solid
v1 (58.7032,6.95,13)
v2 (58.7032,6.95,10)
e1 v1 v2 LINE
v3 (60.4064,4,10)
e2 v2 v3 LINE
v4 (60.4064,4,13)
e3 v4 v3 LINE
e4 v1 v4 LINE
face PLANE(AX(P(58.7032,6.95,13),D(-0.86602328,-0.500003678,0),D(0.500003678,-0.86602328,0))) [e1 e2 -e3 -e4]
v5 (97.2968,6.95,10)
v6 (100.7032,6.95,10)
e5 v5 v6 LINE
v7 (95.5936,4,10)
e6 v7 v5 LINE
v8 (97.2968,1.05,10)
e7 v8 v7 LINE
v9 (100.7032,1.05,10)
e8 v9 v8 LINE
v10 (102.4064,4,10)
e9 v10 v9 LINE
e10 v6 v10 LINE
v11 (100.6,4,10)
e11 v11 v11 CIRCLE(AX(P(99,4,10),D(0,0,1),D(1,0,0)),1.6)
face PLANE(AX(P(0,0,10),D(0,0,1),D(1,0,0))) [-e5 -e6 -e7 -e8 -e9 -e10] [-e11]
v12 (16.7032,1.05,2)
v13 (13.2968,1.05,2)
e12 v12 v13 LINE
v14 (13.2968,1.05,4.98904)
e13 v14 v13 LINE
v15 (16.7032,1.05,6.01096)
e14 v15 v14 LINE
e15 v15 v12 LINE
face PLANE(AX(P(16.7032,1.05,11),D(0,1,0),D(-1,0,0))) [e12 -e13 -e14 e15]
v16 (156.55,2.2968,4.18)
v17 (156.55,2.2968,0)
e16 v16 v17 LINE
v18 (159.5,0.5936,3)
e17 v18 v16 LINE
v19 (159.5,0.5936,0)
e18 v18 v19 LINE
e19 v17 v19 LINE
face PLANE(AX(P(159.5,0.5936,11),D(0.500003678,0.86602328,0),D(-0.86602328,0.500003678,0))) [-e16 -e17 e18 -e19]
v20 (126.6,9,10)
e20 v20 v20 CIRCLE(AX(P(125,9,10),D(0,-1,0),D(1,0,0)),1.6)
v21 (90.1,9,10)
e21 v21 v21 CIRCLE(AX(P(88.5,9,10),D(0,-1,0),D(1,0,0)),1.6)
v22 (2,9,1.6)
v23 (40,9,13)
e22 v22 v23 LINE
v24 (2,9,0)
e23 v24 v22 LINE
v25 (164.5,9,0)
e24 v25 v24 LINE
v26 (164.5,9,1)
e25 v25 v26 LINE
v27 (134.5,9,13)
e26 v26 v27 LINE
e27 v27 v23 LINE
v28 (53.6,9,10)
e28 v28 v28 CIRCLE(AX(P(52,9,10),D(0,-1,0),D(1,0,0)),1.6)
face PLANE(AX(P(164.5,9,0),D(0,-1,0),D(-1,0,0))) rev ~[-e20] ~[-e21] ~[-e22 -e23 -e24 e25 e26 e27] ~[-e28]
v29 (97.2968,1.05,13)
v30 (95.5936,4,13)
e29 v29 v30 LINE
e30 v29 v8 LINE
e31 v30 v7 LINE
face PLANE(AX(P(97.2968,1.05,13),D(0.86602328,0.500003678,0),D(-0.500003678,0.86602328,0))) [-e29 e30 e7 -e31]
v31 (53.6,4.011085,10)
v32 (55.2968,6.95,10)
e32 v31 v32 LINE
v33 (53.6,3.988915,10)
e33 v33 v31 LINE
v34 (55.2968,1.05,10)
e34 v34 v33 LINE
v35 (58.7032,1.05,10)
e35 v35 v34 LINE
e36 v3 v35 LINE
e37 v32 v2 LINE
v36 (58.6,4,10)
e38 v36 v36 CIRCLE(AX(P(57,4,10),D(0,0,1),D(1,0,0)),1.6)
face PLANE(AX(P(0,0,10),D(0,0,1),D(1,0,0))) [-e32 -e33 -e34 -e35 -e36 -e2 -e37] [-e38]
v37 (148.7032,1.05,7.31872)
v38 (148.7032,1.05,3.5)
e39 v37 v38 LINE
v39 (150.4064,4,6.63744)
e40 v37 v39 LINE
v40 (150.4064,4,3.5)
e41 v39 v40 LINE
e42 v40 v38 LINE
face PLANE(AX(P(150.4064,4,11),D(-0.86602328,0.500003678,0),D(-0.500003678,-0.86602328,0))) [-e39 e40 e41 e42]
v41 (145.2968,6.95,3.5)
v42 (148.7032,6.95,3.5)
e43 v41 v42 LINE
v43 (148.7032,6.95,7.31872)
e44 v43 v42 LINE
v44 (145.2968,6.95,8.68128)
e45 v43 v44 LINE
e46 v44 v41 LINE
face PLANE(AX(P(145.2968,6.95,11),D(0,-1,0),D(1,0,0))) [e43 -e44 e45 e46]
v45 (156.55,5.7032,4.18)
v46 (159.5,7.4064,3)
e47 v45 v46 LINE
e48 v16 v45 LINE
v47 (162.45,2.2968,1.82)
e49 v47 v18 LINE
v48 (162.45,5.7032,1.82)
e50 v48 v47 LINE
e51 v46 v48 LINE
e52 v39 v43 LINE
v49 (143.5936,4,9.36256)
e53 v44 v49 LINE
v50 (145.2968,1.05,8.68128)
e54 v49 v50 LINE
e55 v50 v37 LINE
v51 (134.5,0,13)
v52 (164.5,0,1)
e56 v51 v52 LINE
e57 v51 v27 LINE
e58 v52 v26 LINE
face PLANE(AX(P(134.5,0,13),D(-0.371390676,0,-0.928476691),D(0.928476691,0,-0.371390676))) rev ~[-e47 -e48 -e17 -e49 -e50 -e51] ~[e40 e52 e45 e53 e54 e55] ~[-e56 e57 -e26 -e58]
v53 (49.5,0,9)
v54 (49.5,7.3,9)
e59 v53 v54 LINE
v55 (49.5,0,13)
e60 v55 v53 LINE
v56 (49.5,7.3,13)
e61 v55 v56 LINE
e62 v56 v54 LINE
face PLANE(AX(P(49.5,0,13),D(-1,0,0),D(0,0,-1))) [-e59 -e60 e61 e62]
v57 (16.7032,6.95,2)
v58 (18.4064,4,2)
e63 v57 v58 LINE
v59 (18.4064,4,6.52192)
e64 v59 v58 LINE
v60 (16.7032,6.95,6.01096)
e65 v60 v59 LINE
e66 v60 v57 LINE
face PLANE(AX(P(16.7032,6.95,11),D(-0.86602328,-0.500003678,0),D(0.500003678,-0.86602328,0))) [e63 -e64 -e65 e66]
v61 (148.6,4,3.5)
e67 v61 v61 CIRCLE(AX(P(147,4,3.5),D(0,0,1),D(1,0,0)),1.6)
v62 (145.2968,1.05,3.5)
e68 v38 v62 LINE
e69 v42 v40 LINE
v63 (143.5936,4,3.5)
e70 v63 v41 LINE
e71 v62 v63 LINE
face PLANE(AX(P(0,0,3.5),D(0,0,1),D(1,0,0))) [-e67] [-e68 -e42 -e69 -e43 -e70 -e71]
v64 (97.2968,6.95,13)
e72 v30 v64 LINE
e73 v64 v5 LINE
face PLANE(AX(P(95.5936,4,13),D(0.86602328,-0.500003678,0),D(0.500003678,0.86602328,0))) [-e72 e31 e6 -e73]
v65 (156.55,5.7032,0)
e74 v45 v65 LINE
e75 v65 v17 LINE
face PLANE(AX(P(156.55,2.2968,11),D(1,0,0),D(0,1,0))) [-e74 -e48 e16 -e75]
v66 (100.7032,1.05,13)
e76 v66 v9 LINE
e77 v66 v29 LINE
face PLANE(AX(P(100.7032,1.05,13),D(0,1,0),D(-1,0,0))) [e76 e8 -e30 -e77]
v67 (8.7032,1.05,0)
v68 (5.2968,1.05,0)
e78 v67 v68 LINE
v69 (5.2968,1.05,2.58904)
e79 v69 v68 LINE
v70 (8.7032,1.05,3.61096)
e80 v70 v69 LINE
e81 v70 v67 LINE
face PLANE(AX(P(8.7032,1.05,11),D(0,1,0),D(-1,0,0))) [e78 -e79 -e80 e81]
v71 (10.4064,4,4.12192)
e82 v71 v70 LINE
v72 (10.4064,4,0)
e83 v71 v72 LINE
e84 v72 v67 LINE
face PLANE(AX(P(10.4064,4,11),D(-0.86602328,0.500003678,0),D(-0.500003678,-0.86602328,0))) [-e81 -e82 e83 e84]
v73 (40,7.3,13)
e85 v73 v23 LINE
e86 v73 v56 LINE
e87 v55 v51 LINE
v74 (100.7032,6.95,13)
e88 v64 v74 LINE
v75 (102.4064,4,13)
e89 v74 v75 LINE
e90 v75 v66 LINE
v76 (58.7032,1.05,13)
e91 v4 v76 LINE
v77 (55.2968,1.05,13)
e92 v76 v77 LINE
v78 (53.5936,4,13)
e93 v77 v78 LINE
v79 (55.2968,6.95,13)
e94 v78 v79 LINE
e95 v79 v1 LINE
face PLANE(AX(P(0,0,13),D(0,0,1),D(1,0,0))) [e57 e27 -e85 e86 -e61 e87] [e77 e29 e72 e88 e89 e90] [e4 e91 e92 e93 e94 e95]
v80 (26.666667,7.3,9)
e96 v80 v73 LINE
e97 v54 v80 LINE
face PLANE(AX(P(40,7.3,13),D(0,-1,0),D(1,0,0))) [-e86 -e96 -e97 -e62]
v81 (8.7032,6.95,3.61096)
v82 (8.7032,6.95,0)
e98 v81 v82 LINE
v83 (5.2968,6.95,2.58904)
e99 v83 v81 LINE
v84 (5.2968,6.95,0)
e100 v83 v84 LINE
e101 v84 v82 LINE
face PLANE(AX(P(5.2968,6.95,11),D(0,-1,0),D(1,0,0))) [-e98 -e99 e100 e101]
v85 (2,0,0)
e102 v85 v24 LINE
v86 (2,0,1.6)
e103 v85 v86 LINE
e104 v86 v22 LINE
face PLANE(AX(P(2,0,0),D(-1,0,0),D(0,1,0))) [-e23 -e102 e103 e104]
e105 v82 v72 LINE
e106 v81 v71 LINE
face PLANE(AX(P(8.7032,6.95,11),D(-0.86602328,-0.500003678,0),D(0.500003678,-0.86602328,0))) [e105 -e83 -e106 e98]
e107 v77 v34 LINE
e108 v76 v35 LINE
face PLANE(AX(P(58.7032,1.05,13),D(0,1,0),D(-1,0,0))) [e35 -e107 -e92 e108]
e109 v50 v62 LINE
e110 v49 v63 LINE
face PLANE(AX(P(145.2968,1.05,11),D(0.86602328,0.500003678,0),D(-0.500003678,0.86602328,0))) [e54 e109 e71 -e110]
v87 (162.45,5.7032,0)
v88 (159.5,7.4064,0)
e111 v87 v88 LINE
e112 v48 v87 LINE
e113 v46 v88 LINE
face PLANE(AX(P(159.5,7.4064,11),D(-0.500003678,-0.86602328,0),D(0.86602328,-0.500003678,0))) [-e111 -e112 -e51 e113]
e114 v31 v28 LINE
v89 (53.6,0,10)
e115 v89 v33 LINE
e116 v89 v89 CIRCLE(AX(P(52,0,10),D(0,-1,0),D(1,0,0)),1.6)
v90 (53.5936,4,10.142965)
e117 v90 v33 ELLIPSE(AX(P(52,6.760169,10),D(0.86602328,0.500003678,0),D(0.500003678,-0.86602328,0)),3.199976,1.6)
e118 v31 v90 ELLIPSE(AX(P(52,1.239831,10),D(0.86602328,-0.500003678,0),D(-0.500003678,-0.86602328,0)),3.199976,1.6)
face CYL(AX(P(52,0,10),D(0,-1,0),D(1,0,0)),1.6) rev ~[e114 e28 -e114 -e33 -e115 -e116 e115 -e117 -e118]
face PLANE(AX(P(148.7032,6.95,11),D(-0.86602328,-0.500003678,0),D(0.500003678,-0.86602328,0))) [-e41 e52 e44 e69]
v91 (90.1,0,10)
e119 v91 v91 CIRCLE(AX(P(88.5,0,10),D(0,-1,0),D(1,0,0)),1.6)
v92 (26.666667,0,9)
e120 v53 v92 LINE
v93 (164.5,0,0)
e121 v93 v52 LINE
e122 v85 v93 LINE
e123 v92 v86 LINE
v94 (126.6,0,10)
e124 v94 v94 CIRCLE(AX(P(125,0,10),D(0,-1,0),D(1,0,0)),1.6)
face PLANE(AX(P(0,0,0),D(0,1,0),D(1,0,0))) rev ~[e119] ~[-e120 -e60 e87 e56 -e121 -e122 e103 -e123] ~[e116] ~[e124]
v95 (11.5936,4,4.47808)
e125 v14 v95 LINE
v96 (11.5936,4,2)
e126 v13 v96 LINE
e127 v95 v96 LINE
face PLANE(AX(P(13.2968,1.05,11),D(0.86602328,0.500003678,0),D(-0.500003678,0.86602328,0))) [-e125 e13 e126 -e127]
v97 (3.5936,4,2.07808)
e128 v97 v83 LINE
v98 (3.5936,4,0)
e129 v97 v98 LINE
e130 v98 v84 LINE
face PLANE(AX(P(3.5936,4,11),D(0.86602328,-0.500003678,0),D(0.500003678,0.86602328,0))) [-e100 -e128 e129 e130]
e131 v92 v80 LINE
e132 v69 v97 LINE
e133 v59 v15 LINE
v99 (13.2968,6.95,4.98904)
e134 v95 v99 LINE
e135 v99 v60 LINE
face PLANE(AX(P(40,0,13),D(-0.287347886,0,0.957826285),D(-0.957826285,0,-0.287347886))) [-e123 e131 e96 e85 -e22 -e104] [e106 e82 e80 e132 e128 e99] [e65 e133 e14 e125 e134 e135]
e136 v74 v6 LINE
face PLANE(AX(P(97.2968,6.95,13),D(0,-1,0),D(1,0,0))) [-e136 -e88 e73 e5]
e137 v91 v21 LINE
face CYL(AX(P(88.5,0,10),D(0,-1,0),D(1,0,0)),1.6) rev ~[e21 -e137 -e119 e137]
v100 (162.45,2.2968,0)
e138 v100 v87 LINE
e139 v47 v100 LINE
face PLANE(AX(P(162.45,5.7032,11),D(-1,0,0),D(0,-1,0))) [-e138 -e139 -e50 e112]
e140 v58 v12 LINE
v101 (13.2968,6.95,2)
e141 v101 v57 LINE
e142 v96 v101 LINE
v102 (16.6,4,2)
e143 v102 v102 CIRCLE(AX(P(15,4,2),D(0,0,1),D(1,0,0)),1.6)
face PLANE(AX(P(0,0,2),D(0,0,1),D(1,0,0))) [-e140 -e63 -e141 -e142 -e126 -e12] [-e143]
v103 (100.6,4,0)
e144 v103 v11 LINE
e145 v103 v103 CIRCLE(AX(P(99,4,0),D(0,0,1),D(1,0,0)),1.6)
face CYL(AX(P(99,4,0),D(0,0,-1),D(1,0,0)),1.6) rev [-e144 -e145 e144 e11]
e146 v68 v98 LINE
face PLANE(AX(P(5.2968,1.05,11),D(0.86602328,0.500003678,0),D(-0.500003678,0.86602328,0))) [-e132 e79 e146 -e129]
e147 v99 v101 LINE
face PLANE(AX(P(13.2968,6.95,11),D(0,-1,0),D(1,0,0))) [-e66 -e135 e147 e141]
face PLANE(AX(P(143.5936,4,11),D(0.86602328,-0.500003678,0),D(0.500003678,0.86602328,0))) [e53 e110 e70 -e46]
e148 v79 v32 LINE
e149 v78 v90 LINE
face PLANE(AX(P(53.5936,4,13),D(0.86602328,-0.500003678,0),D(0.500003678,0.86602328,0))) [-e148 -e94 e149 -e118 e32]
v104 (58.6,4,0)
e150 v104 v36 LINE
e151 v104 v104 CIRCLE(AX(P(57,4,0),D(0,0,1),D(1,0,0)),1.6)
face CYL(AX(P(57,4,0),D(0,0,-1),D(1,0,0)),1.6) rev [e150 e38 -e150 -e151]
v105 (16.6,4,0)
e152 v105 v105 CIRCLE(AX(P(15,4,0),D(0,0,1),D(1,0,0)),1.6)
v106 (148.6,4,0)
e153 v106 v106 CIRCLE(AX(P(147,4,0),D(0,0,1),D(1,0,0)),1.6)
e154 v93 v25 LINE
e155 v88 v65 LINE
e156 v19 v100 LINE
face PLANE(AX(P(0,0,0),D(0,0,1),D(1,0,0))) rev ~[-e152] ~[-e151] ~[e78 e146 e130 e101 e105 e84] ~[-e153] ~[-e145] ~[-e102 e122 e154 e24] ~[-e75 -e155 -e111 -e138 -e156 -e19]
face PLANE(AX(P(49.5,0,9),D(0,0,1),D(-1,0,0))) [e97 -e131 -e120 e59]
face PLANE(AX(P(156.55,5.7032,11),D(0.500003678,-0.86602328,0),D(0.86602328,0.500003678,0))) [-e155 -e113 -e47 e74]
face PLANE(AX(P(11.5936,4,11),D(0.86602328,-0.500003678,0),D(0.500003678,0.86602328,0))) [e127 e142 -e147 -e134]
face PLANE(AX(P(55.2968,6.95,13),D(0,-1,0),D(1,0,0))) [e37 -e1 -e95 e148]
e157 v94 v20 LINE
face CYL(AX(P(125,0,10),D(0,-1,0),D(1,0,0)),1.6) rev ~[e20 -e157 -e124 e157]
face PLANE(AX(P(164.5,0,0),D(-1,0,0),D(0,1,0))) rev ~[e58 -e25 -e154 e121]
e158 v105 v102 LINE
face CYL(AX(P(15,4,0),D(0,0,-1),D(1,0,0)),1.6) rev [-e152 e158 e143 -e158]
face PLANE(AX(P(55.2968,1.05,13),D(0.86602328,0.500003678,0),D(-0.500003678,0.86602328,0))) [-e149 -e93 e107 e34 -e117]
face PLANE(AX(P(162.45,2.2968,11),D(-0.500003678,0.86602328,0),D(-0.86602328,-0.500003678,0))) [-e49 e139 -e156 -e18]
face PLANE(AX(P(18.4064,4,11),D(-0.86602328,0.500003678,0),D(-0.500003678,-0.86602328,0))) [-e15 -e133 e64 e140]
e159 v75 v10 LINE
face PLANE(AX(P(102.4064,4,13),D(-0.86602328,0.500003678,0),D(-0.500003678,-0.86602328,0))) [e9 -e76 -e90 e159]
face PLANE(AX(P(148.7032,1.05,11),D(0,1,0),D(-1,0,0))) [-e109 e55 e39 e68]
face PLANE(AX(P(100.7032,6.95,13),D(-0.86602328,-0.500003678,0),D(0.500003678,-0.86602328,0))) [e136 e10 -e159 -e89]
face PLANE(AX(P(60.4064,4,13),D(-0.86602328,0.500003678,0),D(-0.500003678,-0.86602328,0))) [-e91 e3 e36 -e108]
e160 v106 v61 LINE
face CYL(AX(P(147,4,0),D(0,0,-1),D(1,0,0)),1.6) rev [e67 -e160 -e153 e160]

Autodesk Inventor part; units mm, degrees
ref_plane "YZ Plane" through (0, 0, 0) normal (1, 0, 0) x (0, 1, 0)
ref_plane "XZ Plane" through (0, 0, 0) normal (0, 1, 0) x (-1, 0, 0)
ref_plane "XY Plane" through (0, 0, 0) normal (0, 0, 1) x (1, 0, 0)
sketch "Sketch1" plane through (0, 0, 0) normal (0, 0, 1) x (1, 0, 0)
  line L0 (0, 0) -> (164.5, 0)
  line L1 (164.5, 0) -> (164.5, 9)
  line L2 (164.5, 9) -> (0, 9)
  line L3 (0, 9) -> (0, 0)
  circle A0 centre (57, 4) radius 1.6
  circle A1 centre (99, 4) radius 1.6
  circle A2 centre (159.5, 4) radius 1.6
  circle A3 centre (147, 4) radius 1.6
  circle A4 centre (15, 4) radius 1.6
  circle A5 centre (7, 4) radius 1.6
  dimension "d1" = 9
  dimension "d2" = 90
  dimension "d4" = 3.2
  dimension "d6" = 3.2
  dimension "d7" = 3.2
  dimension "d8" = 42
  dimension "d9" = 60.5
  dimension "d26" = 3.2
  dimension "d27" = 48
  dimension "d28" = 3.2
  dimension "d29" = 42
  dimension "d32" = 15
  dimension "d33" = 5
  dimension "d61" = 3.2
  dimension "d62" = 8
  dimension "d63" = 12.5
  dimension "d108" = 4
  dimension "d109" = 4
  dimension "d110" = 4
  dimension "d111" = 4
  dimension "d112" = 4
  dimension "d113" = 4
ref_plane "Work Plane2" through (0, 0, 0) normal (0, -1, 0) x (1, 0, 0)
sketch "Sketch2" plane through (0, 0, 0) normal (0, -1, 0) x (1, 0, 0)
  circle A0 centre (52, 10) radius 1.6
  circle A1 centre (125, 10) radius 1.6
  circle A2 centre (88.5, 10) radius 1.6
  point P0 (0, 0)
  point P1 (52, 0)
  dimension "d13" = 3.2
  dimension "d15" = 3.2
  dimension "d17" = 3.2
  dimension "d18" = 36.5
  dimension "d64" = 52
  dimension "d65" = 36.5
  dimension "d114" = 10
  dimension "d115" = 73
ref_plane "Work Plane1" through (0, 0, 11) normal (0, 0, 1) x (1, 0, 0)
extrude "klocek" add sketch "Sketch1" along normal blind 13
ref_plane "Work Plane3" through (0, 0, 0) normal (0, -1, 0) x (1, 0, 0)
extrude "prowadzenie osi" cut sketch "Sketch2" against normal up to next
ref_plane "Work Plane4" through (0, 0, 0) normal (0, -1, 0) x (1, 0, 0)
sketch "Sketch7" plane through (0, 0, 0) normal (0, -1, 0) x (1, 0, 0)
  line L0 (0, 13) -> (0, 1)
  line L1 (0, 13) -> (164.5, 13) projected
  line L2 (0, 13) -> (40, 13)
  line L3 (40, 13) -> (0, 1)
  point P0 (0, -1.8333)
  dimension "d86" = 12
  dimension "d87" = 40
sketch "Sketch8" plane through (0, 0, 0) normal (0, -1, 0) x (1, 0, 0)
  line L0 (164.5, 0) -> (164.5, 13) projected
  line L1 (164.5, 13) -> (164.5, 1)
  line L2 (164.5, 13) -> (0, 13) projected
  line L3 (164.5, 13) -> (134.5, 13)
  line L4 (134.5, 13) -> (164.5, 1)
  point P0 (0, 0)
  point P1 (40.8333, 11)
  dimension "d80" = 12
  dimension "d81" = 30
extrude "przedni skos" cut sketch "Sketch7" against normal up to next
extrude "tylni skos" cut sketch "Sketch8" against normal up to next
ref_plane "Work Plane7" through (0, 0, 11) normal (0, 0, 1) x (1, 0, 0)
sketch "Sketch5" plane through (0, 0, 13) normal (0, 0, 1) x (1, 0, 0)
  circle A0 centre (99, 4) radius 1.6 projected
  line L0 (95.5936, 4) -> (97.2968, 6.95)
  line L1 (97.2968, 6.95) -> (100.7032, 6.95)
  line L2 (100.7032, 6.95) -> (102.4064, 4)
  line L3 (102.4064, 4) -> (100.7032, 1.05)
  line L4 (100.7032, 1.05) -> (97.2968, 1.05)
  line L5 (97.2968, 1.05) -> (95.5936, 4)
  circle A1 centre (57, 4) radius 1.6 projected
  line L6 (60.4064, 4) -> (58.7032, 1.05)
  line L7 (58.7032, 1.05) -> (55.2968, 1.05)
  line L8 (55.2968, 1.05) -> (53.5936, 4)
  line L9 (53.5936, 4) -> (55.2968, 6.95)
  line L10 (55.2968, 6.95) -> (58.7032, 6.95)
  line L11 (58.7032, 6.95) -> (60.4064, 4)
  point P0 (119.5, 5)
  dimension "d98" = 5.9
  dimension "d100" = 5.9
extrude "hex insert middle" cut sketch "Sketch5" against normal blind 3
ref_plane "Work Plane6" through (0, 0, 11) normal (0, 0, 1) x (1, 0, 0)
sketch "Sketch9" plane through (0, 0, 11) normal (0, 0, 1) x (1, 0, 0)
  circle A0 centre (147, 4) radius 1.6 projected
  line L0 (150.4064, 4) -> (148.7032, 1.05)
  line L1 (148.7032, 1.05) -> (145.2968, 1.05)
  line L2 (145.2968, 1.05) -> (143.5936, 4)
  line L3 (143.5936, 4) -> (145.2968, 6.95)
  line L4 (145.2968, 6.95) -> (148.7032, 6.95)
  line L5 (148.7032, 6.95) -> (150.4064, 4)
  point P0 (0, 0)
  point P1 (153, 5)
  dimension "d99" = 5.9
extrude "hex insert rear 1" cut sketch "Sketch9" against normal blind 7.5
ref_plane "Work Plane5" through (0, 0, 11) normal (0, 0, 1) x (1, 0, 0)
sketch "Sketch10" plane through (0, 0, 11) normal (0, 0, 1) x (1, 0, 0)
  circle A0 centre (159.5, 4) radius 1.6 projected
  line L0 (162.45, 5.7032) -> (162.45, 2.2968)
  line L1 (162.45, 2.2968) -> (159.5, 0.5936)
  line L2 (159.5, 0.5936) -> (156.55, 2.2968)
  line L3 (156.55, 2.2968) -> (156.55, 5.7032)
  line L4 (156.55, 5.7032) -> (159.5, 7.4064)
  line L5 (159.5, 7.4064) -> (162.45, 5.7032)
  line L6 (164.5, 0) -> (134.5, 0) projected
  point P0 (0, 0)
  dimension "d118" = 5.9
extrude "hex insert rear 2" cut sketch "Sketch10" against normal up to next contours A0 | L0 L1 L2 L3 L4 L5
sketch "Sketch13" plane through (0, 0, 11) normal (0, 0, 1) x (1, 0, 0)
  circle A0 centre (7, 4) radius 1.6 projected
  line L0 (10.4064, 4) -> (8.7032, 1.05)
  line L1 (8.7032, 1.05) -> (5.2968, 1.05)
  line L2 (5.2968, 1.05) -> (3.5936, 4)
  line L3 (3.5936, 4) -> (5.2968, 6.95)
  line L4 (5.2968, 6.95) -> (8.7032, 6.95)
  line L5 (8.7032, 6.95) -> (10.4064, 4)
  dimension "d123" = 5.9
extrude "hex insert front 1" cut sketch "Sketch13" against normal through all
sketch "Sketch16" plane through (0, 0, 11) normal (0, 0, 1) x (1, 0, 0)
  circle A0 centre (15, 4) radius 1.6 projected
  line L0 (18.4064, 4) -> (16.7032, 1.05)
  line L1 (16.7032, 1.05) -> (13.2968, 1.05)
  line L2 (13.2968, 1.05) -> (11.5936, 4)
  line L3 (11.5936, 4) -> (13.2968, 6.95)
  line L4 (13.2968, 6.95) -> (16.7032, 6.95)
  line L5 (16.7032, 6.95) -> (18.4064, 4)
  point P0 (0, 0)
  dimension "d93" = 5.9
extrude "hex insert front 2" cut sketch "Sketch16" against normal blind 9
sketch "Sketch17" plane through (0, 0, 0) normal (0, 0, -1) x (-1, 0, 0)
  line L0 (-164.5, 9) -> (0, 9) projected
  line L1 (0, 0) -> (-2, 0)
  line L2 (-2, 0) -> (-2, 9)
  line L3 (-2, 9) -> (0, 9)
  line L4 (0, 9) -> (0, 0)
  dimension "d122" = 2
extrude "ciecie przod" cut sketch "Sketch17" against normal up to next
sketch "Sketch18" plane through (40, 0, 13) normal (0, -1, 0) x (1, 0, 0)
  line L0 (9.5, 0) -> (9.5, -4)
  line L1 (9.5, -4) -> (-15.5, -4)
  line L2 (-15.5, -4) -> (-15.5, 0)
  line L3 (-15.5, 0) -> (9.5, 0)
  line L4 (94.5, 0) -> (0, 0) projected
  circle A0 centre (12, -3) radius 1.6 projected
  line L5 (-40, -13) -> (124.5, -13) projected
  point P0 (-35, -11)
  dimension "d102" = 4
  dimension "d103" = 25
  dimension "d104" = 2.5
extrude "sensor linii" cut sketch "Sketch18" against normal blind 7.3 contours L0 L1 L2 L3
properties part number "wheel_support_v5_narrow_with_line_sensor_all_holes_2mm_higher"
